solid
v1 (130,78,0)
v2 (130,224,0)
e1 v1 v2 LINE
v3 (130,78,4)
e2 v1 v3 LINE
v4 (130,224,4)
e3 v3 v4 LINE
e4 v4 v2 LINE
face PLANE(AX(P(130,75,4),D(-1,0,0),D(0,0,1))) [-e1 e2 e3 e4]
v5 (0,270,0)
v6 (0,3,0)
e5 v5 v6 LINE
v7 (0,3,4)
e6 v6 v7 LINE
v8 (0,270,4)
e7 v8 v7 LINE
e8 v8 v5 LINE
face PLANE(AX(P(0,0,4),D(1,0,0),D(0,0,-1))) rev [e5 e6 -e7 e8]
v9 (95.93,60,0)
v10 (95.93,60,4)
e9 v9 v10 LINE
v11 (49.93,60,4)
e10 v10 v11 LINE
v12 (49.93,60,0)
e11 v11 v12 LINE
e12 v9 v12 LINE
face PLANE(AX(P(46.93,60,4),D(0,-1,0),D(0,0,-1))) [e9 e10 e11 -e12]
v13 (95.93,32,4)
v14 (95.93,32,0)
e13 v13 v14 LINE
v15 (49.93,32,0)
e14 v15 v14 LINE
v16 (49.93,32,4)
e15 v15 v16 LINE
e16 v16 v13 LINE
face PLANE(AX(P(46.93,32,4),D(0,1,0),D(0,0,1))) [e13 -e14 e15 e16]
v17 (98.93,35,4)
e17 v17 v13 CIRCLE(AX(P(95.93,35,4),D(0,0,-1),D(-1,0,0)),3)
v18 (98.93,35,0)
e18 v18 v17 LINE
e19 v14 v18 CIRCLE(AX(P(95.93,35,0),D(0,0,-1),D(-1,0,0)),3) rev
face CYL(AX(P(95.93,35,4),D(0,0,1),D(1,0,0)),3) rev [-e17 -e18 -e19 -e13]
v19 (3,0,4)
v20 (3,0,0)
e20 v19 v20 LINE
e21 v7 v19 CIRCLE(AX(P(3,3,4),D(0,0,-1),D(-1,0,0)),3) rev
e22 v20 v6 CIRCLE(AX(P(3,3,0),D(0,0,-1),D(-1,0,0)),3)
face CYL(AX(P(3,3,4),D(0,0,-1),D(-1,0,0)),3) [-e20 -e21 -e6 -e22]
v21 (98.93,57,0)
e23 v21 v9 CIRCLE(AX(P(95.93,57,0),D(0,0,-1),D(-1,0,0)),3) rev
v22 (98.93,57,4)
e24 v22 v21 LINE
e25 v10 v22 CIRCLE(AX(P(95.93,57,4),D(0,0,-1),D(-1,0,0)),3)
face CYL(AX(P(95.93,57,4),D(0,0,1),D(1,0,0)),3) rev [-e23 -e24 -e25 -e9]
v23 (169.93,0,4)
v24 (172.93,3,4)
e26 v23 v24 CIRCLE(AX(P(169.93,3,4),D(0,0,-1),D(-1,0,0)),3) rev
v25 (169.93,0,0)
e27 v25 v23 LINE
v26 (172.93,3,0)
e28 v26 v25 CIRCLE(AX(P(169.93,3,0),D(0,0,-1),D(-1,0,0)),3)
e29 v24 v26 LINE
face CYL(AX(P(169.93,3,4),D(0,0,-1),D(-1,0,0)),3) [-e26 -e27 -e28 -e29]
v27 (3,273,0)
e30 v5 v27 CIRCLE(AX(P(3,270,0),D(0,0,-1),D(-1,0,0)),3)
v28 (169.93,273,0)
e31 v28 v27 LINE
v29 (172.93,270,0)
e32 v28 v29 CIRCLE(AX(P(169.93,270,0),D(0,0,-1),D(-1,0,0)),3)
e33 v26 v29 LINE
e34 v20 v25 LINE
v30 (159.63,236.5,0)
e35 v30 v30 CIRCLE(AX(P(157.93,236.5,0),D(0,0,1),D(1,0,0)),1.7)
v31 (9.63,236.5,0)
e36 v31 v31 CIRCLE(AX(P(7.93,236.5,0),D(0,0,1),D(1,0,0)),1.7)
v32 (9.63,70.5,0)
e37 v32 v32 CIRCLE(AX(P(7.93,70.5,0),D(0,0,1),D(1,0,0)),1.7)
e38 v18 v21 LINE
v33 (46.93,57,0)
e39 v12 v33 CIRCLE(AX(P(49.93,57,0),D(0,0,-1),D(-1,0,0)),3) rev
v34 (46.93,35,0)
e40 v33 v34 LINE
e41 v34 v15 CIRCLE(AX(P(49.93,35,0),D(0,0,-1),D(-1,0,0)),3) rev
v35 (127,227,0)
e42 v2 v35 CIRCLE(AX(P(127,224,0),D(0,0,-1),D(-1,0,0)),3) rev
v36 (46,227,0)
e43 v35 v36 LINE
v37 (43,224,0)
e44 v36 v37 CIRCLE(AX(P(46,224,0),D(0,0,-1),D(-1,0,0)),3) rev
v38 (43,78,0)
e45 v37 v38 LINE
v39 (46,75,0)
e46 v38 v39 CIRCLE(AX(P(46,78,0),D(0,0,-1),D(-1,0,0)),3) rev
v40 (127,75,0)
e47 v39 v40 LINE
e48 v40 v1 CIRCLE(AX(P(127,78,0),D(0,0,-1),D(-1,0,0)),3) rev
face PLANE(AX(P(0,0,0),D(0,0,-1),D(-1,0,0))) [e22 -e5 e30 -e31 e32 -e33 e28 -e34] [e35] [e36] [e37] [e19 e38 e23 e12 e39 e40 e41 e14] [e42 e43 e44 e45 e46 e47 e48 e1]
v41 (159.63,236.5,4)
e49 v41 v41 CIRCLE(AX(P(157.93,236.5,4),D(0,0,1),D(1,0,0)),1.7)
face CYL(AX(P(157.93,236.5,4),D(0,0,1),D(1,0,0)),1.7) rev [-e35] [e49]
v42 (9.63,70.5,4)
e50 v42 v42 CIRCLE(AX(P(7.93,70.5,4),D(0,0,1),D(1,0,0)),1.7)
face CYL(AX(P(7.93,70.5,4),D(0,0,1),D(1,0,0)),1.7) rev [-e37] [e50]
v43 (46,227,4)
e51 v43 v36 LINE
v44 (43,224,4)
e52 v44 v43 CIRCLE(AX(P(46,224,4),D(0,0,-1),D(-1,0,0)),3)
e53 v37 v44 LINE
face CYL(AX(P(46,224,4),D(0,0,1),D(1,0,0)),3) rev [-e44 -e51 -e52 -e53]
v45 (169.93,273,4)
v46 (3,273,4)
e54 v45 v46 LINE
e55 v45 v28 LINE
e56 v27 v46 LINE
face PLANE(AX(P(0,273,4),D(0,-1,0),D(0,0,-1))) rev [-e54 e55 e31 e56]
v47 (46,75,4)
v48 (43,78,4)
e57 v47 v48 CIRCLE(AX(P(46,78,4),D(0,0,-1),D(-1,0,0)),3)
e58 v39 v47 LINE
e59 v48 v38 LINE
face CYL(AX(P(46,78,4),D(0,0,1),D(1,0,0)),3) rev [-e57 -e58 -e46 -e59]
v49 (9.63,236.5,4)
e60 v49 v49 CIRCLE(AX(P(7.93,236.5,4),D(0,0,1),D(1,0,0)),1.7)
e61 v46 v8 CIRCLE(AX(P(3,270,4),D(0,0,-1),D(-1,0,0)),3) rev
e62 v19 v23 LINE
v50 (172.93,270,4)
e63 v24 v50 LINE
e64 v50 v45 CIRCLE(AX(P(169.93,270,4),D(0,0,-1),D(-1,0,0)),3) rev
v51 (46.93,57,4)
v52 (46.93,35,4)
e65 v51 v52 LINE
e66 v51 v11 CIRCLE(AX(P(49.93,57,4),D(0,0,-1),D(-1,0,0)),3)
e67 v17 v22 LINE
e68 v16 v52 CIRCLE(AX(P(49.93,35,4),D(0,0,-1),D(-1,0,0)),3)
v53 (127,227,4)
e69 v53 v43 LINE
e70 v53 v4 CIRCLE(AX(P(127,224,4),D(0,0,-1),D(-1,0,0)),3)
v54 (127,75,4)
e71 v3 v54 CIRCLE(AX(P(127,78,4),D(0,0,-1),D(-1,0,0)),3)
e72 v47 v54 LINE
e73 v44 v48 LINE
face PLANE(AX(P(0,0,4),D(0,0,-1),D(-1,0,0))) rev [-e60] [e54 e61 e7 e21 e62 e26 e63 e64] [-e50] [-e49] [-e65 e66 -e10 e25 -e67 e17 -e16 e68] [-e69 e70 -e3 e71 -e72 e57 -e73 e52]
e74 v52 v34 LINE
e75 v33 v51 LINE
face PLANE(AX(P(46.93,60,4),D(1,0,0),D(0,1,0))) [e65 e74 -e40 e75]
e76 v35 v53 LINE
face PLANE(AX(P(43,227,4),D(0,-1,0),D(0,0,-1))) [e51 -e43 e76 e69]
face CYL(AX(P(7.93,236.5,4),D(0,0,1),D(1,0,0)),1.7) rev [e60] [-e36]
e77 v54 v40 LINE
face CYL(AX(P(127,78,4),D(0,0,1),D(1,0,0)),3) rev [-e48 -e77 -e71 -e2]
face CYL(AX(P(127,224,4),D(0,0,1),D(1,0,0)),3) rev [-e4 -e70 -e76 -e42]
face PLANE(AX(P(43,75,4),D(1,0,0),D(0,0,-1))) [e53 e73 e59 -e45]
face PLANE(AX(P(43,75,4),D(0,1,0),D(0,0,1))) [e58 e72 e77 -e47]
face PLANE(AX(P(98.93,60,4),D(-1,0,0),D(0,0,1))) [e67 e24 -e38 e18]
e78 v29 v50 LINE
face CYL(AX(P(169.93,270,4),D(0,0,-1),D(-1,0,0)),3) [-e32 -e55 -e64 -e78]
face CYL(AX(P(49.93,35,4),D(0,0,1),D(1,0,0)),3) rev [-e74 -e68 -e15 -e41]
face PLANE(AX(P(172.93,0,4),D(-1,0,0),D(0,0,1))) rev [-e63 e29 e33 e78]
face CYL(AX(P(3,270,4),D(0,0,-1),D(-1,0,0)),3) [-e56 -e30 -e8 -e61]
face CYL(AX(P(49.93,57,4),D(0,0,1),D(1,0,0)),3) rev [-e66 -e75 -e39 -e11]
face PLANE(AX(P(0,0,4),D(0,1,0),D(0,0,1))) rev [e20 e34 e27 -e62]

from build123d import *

# Parameters (mm, degrees)
ESQUISSE1_W        = 172.93
ESQUISSE1_H        = 273
ESQUISSE1_R        = 1.5
ESQUISSE1_W_2      = 87
ESQUISSE1_H_2      = 152
ESQUISSE1_W_3      = 52
ESQUISSE1_H_3      = 28
BOSS_EXTRU_1_DEPTH = 4
CONG_1_R           = 3
D_GAGEMENT_M31_D   = 3.4


with BuildPart() as part:
    # Esquisse1 → Boss.-Extru.1 (new body)
    with BuildSketch(Plane.XY):
        with Locations((86.465, 136.5)):
            Rectangle(ESQUISSE1_W, ESQUISSE1_H)
        with Locations((7.93, 236.5)):
            Circle(ESQUISSE1_R, mode=Mode.SUBTRACT)
        with Locations((7.93, 70.5)):
            Circle(ESQUISSE1_R, mode=Mode.SUBTRACT)
        with Locations((157.93, 236.5)):
            Circle(ESQUISSE1_R, mode=Mode.SUBTRACT)
        with Locations((86.5, 151)):
            Rectangle(ESQUISSE1_W_2, ESQUISSE1_H_2, mode=Mode.SUBTRACT)
        with Locations((72.93, 46)):
            Rectangle(ESQUISSE1_W_3, ESQUISSE1_H_3, mode=Mode.SUBTRACT)
    extrude(amount=BOSS_EXTRU_1_DEPTH)

    # Congé1
    cong_1_edges = [part.edges().sort_by_distance(p)[0] for p in [
        (43, 227, 2),
        (43, 75, 2),
        (130, 75, 2),
        (130, 227, 2),
        (46.93, 60, 2),
        (46.93, 32, 2),
        (98.93, 32, 2),
        (98.93, 60, 2),
        (0, 273, 2),
        (172.93, 273, 2),
        (172.93, 0, 2),
        (0, 0, 2),
    ]]
    fillet(cong_1_edges, radius=CONG_1_R)

    # Dégagement M31 (through all)
    with Locations(Plane.XY.offset(4)):
        with Locations((7.93, 236.5), (7.93, 70.5), (157.93, 236.5)):
            Hole(D_GAGEMENT_M31_D / 2)


solid = part.part
